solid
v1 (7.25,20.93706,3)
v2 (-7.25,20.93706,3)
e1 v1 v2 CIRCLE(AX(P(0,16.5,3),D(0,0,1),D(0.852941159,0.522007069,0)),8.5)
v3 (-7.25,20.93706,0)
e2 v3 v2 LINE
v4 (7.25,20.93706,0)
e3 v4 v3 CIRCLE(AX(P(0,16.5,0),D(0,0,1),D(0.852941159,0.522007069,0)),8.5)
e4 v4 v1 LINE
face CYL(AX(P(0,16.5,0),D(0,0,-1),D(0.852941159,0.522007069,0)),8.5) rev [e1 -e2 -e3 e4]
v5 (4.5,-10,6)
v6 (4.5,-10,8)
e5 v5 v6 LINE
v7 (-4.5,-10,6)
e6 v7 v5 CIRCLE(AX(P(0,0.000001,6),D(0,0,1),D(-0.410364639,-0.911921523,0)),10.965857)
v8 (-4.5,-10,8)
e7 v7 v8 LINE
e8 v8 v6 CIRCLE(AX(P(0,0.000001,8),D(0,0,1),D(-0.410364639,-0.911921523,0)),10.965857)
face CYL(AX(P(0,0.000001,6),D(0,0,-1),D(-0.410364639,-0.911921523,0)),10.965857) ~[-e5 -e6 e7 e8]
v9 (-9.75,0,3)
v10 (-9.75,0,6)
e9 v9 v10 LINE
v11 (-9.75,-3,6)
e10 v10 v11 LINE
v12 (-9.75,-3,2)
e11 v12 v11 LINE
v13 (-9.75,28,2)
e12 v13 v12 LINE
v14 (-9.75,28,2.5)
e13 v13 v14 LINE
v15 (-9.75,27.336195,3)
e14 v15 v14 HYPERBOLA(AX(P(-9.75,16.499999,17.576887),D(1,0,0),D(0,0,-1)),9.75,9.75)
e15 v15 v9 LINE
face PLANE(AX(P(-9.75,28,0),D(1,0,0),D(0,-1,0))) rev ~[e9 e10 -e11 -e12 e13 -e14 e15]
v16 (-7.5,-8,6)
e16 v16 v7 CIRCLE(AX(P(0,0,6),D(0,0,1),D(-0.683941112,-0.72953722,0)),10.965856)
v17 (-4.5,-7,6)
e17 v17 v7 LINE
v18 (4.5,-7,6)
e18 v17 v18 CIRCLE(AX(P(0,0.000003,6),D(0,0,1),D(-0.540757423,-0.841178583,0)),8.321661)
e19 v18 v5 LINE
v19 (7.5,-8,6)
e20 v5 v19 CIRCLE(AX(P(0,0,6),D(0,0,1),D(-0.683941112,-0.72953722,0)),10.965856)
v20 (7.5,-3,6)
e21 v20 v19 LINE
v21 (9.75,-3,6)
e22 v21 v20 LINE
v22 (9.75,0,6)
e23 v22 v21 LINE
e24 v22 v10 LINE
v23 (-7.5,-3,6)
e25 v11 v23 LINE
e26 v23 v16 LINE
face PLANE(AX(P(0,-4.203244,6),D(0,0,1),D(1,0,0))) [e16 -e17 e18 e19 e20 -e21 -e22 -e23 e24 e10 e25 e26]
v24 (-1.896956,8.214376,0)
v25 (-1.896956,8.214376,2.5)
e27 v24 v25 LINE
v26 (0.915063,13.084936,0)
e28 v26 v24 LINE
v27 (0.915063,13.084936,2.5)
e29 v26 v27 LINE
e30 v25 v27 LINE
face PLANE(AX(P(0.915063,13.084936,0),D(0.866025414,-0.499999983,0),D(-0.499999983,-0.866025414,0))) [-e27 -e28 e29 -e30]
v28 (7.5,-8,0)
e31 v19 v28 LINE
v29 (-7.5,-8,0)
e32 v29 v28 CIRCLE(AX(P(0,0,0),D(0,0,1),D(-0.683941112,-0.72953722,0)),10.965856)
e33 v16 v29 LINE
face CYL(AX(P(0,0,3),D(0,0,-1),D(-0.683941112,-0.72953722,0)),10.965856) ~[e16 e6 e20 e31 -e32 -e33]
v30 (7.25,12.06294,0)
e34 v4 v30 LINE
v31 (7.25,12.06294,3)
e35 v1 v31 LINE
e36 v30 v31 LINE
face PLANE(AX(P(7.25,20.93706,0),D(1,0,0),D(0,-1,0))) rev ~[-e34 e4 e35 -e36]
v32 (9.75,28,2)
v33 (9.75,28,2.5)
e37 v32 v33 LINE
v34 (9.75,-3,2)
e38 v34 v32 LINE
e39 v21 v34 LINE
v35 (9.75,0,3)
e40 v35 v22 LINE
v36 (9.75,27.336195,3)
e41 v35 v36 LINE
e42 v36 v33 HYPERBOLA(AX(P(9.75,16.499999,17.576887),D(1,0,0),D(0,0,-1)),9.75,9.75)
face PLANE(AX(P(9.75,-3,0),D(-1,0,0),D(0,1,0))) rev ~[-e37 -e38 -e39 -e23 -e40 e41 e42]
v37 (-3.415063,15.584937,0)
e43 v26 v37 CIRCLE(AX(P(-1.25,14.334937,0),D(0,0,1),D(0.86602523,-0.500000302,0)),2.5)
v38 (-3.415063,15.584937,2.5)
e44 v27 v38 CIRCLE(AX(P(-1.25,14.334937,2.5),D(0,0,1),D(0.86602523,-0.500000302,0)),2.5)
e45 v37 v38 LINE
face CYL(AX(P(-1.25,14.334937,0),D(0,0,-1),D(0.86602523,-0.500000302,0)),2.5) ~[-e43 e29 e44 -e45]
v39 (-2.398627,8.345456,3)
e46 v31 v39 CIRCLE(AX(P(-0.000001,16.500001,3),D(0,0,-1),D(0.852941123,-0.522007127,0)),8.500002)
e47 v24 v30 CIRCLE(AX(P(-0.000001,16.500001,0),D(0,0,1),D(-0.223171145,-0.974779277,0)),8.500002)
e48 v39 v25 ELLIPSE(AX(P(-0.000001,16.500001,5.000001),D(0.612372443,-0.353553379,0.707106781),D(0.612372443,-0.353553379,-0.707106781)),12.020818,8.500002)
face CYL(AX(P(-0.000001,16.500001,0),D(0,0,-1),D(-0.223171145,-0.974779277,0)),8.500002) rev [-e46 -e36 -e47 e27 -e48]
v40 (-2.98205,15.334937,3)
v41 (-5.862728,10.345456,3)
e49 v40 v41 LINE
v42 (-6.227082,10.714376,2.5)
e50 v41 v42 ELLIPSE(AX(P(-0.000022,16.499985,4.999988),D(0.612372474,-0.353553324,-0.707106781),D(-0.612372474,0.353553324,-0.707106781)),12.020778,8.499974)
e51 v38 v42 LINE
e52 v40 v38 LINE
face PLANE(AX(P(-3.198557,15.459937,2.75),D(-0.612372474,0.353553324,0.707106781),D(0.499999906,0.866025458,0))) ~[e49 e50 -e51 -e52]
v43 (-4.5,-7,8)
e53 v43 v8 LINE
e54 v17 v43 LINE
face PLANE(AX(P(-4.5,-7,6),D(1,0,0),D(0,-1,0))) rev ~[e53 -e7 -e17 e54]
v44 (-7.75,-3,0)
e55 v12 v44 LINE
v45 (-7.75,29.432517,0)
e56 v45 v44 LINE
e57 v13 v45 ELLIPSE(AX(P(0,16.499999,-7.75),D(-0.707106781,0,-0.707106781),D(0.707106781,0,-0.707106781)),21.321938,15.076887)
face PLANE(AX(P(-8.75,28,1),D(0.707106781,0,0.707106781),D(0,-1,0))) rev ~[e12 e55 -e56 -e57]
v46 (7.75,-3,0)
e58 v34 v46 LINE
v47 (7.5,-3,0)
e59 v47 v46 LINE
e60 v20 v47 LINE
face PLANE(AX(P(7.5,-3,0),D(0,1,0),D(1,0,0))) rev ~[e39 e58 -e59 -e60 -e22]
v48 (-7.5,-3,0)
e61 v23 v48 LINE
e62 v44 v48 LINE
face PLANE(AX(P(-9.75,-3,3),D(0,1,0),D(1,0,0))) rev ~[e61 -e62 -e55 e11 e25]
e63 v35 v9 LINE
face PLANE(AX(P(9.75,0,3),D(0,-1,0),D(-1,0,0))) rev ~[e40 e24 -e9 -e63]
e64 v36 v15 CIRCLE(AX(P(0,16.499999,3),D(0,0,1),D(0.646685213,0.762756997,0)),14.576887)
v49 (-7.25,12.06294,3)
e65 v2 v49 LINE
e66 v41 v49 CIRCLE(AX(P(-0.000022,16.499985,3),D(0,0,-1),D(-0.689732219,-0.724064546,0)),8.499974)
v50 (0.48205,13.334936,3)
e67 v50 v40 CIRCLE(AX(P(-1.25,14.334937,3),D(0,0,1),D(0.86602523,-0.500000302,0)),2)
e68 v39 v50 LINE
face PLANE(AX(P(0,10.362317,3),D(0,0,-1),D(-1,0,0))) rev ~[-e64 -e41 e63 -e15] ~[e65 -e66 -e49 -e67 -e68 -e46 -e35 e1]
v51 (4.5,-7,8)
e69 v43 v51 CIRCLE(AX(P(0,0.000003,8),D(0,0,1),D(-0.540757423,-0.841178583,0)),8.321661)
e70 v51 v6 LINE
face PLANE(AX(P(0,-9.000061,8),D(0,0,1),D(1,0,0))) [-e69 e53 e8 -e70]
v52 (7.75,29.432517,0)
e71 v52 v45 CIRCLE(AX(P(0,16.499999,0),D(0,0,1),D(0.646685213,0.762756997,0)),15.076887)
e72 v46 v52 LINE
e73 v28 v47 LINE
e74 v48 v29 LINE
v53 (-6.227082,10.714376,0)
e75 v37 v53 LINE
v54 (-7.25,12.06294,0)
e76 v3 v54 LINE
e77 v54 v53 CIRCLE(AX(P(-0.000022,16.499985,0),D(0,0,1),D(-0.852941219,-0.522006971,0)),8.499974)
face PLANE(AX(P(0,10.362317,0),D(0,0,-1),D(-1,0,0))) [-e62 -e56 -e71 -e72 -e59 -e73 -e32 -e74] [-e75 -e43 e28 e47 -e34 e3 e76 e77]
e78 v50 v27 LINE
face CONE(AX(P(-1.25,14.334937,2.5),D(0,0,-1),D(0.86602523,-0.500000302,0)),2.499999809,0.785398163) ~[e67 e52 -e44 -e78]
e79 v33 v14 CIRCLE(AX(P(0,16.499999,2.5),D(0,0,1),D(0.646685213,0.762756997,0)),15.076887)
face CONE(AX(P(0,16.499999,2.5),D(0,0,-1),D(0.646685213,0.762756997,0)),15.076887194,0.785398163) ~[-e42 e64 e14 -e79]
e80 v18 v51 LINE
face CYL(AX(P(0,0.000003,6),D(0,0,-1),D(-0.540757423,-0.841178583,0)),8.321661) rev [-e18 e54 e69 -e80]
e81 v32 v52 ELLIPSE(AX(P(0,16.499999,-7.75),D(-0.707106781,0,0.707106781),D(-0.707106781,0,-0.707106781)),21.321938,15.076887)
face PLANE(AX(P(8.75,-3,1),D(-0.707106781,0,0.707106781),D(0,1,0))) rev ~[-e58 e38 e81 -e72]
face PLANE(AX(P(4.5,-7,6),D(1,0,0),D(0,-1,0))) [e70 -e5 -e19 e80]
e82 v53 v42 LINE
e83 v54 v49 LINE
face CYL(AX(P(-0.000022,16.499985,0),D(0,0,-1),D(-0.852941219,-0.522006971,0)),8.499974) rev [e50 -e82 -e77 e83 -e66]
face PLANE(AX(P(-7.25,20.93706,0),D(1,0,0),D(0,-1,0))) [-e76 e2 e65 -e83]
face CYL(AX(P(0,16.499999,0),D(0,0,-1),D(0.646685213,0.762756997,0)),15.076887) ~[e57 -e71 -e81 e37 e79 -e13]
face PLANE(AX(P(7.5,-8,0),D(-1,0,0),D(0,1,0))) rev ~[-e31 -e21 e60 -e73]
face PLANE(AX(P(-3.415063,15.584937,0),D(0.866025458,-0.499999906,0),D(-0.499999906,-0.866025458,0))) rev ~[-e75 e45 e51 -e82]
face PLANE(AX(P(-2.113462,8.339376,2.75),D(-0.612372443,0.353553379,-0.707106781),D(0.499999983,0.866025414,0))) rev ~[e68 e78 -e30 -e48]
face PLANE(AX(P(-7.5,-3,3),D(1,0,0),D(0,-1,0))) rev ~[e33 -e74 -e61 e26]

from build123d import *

# Parameters (mm, degrees)
EXTRUDE002_DEPTH = 2
EXTRUDE_DEPTH    = 3
CHAMFER_SIZE     = 2
CHAMFER001_SIZE  = 0.5
EXTRUDE001_DEPTH = 3


with BuildPart() as extrude002:
    # Sketch002 (on Face10 of Extrude001) → Extrude002 (new body)
    with BuildSketch(Plane.XY.offset(6)):
        with BuildLine():
            ThreePointArc((-4.5, -10), (0, -10.965856), (4.5, -10))
            Line((4.5, -7), (4.5, -10))
            ThreePointArc((-4.5, -7), (0, -8.321658), (4.5, -7))
            Line((-4.5, -7), (-4.5, -10))
        make_face()
    extrude(amount=EXTRUDE002_DEPTH)


with BuildPart() as chamfer001:
    # Sketch → Extrude (new body)
    with BuildSketch(Plane.XY):
        with BuildLine():
            Line((9.75, 28), (9.75, 0))
            Line((9.75, -3), (9.75, 0))
            Line((7.5, -3), (9.75, -3))
            Line((7.5, -8), (7.5, -3))
            ThreePointArc((-7.5, -8), (0, -10.965856), (7.5, -8))
            Line((-7.5, -3), (-7.5, -8))
            Line((-9.75, -3), (-7.5, -3))
            Line((-9.75, 0), (-9.75, -3))
            Line((-9.75, 0), (-9.75, 28))
            ThreePointArc((9.75, 28), (0, 31.576886), (-9.75, 28))
        make_face()
        with BuildLine():
            ThreePointArc((7.25, 20.93706), (0, 25), (-7.25, 20.93706))
            Line((-7.25, 20.93706), (-7.25, 12.06294))
            ThreePointArc((-7.25, 12.06294), (-6.772193, 11.363133), (-6.227082, 10.714376))
            Line((-3.415063, 15.584937), (-6.227082, 10.714376))
            ThreePointArc((0.915063, 13.084936), (0, 16.5), (-3.415063, 15.584937))
            Line((0.915063, 13.084936), (-1.896956, 8.214376))
            ThreePointArc((-1.896956, 8.214376), (3.296457, 8.665246), (7.25, 12.06294))
            Line((7.25, 20.93706), (7.25, 12.06294))
        make_face(mode=Mode.SUBTRACT)
    extrude(amount=EXTRUDE_DEPTH)

    # Chamfer
    chamfer_edges = [chamfer001.edges().sort_by_distance(p)[0] for p in [
        (-9.75, 14, 0),
        (9.75, 14, 0),
        (9.75, -1.5, 0),
        (-9.75, -1.5, 0),
    ]]
    chamfer(chamfer_edges, length=CHAMFER_SIZE)

    # Chamfer001
    chamfer001_edges = [chamfer001.edges().sort_by_distance(p)[0] for p in [
        (0, 31.576886, 3),
        (-4.821073, 13.149656, 3),
    ]]
    chamfer(chamfer001_edges, length=CHAMFER001_SIZE)


with BuildPart() as fusion:
    # Sketch001 (on Face4 of Chamfer) → Extrude001 (new body)
    with BuildSketch(Plane.XY.offset(3)):
        with BuildLine():
            Line((9.75, 0), (-9.75, 0))
            Line((-9.75, 0), (-9.75, -3))
            Line((-9.75, -3), (-7.5, -3))
            Line((-7.5, -3), (-7.5, -8))
            ThreePointArc((-7.5, -8), (0, -10.965856), (7.5, -8))
            Line((7.5, -3), (7.5, -8))
            Line((9.75, -3), (7.5, -3))
            Line((9.75, 0), (9.75, -3))
        make_face()
    extrude(amount=EXTRUDE001_DEPTH)

    # Fusion: union Extrude002, Chamfer001
    add(extrude002.part)
    add(chamfer001.part)


solid = fusion.part
